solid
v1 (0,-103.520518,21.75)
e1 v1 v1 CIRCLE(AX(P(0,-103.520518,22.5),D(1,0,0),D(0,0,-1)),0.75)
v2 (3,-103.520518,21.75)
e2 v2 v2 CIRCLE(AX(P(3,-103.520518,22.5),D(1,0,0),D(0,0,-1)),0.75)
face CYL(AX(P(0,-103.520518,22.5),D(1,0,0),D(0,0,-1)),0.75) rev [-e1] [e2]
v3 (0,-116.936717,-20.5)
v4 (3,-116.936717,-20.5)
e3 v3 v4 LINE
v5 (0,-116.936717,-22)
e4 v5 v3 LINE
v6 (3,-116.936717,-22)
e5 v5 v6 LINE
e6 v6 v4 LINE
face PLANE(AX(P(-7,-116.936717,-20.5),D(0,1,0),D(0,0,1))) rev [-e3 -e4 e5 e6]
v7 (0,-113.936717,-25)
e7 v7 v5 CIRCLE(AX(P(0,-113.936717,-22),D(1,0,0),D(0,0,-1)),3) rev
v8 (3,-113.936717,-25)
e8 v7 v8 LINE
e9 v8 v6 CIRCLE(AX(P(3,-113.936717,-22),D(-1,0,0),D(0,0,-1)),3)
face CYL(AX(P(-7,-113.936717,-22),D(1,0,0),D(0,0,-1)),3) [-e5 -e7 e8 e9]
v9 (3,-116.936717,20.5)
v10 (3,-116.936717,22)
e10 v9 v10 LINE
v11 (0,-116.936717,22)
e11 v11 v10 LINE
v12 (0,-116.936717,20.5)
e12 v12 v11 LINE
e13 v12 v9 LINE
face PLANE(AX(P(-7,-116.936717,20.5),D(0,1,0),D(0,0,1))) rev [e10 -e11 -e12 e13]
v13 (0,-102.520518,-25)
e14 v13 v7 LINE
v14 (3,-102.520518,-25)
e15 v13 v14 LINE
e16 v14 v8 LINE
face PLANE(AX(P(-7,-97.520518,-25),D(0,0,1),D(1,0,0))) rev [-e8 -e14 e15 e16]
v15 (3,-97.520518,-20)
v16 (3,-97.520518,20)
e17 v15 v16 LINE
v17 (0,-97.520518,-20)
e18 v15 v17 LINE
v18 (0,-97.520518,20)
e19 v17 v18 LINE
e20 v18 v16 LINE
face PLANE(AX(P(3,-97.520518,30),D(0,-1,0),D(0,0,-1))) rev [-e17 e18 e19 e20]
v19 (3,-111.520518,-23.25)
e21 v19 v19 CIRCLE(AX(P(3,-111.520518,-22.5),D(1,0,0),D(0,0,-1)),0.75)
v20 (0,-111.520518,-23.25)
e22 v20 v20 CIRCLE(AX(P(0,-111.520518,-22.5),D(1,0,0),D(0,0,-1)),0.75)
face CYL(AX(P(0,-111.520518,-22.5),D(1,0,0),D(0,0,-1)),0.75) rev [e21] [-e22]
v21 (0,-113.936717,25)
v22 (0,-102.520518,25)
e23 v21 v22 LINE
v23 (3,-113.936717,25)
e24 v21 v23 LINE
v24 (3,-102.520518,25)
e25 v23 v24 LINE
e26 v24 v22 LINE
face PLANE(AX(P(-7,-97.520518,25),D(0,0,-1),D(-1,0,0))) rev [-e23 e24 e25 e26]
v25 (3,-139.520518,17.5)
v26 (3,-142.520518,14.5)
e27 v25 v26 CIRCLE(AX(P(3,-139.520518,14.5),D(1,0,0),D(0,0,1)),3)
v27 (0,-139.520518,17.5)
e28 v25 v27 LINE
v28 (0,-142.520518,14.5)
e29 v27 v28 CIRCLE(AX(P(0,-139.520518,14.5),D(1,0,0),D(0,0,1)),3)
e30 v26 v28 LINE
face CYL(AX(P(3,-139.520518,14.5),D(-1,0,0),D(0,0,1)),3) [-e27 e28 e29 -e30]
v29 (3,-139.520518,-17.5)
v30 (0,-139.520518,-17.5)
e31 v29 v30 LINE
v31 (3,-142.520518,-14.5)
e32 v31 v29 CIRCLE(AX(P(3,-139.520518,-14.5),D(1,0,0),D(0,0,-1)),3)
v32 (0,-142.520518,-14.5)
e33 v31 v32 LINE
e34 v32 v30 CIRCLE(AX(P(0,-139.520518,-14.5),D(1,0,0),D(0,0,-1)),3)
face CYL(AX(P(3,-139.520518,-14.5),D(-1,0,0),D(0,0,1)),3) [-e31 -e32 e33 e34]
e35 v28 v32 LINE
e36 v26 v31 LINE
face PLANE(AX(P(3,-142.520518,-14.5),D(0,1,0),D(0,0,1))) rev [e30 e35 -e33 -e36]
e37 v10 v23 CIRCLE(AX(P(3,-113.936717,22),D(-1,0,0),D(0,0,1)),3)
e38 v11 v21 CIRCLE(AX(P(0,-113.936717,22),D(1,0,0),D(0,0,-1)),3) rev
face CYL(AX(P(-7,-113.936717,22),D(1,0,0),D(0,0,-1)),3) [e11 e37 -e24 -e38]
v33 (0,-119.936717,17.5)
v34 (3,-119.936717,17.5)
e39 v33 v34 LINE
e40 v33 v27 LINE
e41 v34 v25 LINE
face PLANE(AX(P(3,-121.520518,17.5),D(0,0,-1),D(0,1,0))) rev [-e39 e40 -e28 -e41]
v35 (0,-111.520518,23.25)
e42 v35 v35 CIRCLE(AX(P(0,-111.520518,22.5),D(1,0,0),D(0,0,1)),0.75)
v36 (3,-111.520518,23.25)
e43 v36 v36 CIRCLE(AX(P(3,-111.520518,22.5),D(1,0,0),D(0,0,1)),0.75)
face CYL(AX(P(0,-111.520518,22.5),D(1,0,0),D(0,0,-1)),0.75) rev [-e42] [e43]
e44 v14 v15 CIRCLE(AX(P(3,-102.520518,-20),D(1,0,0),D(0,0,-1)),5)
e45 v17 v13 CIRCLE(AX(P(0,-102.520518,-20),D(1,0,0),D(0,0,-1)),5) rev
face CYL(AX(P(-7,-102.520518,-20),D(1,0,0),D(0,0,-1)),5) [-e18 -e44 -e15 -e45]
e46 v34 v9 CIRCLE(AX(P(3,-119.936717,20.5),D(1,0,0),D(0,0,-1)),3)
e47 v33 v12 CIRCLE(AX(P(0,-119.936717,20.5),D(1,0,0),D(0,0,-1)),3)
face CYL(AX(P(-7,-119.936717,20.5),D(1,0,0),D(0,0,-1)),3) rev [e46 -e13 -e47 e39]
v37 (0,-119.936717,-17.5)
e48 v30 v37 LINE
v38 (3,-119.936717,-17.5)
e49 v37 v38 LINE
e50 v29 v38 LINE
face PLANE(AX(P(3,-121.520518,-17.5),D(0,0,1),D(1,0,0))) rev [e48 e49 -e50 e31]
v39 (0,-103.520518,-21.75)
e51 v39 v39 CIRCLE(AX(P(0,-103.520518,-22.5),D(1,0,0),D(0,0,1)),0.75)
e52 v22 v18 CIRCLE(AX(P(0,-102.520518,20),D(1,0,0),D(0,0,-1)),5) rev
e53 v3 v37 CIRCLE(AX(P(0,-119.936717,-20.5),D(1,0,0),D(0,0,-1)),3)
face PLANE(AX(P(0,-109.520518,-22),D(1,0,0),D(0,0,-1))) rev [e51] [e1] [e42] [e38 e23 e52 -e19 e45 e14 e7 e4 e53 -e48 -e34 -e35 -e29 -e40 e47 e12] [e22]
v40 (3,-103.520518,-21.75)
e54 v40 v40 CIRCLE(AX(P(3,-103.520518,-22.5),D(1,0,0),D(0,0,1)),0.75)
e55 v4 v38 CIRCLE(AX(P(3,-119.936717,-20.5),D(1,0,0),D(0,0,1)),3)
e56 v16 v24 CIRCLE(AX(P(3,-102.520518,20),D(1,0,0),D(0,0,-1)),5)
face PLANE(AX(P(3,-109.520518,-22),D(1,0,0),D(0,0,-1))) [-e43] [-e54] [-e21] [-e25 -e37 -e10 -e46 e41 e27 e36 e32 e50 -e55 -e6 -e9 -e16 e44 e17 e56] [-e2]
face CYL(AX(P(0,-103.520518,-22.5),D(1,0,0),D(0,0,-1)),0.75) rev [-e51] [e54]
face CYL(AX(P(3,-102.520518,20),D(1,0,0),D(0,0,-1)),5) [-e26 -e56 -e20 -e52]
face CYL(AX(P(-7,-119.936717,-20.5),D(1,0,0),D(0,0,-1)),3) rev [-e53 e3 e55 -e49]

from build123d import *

# Parameters (mm, degrees)
BOSS_EXTRUDE1_DEPTH = 3
SKETCH2_R           = 0.75
CUT_EXTRUDE1_DEPTH  = 146.674630793
CUT_EXTRUDE2_DEPTH  = 10
FILLET1_R           = 5
FILLET2_R           = 5


with BuildPart() as part:
    # Sketch1 → Boss-Extrude1 (new body)
    with BuildSketch(Plane(origin=(0, 0, 0), x_dir=(0, 0, -1), z_dir=(1, 0, 0))):
        with BuildLine():
            Line((-30, -97.52051802), (-30, -109.52051802))
            ThreePointArc((-30, -109.52051802), (-27.656854249, -115.177372269), (-22, -117.52051802))
            Line((-22, -117.52051802), (-21.5, -117.52051802))
            ThreePointArc((-21.5, -117.52051802), (-18.671572875, -118.692090895), (-17.5, -121.52051802))
            Line((-17.5, -121.52051802), (-17.5, -139.52051802))
            ThreePointArc((-17.5, -139.52051802), (-16.621320344, -141.641838363), (-14.5, -142.52051802))
            Line((-14.5, -142.52051802), (14.5, -142.52051802))
            ThreePointArc((14.5, -142.52051802), (16.621320344, -141.641838363), (17.5, -139.52051802))
            Line((17.5, -139.52051802), (17.5, -121.52051802))
            ThreePointArc((17.5, -121.52051802), (18.671572875, -118.692090895), (21.5, -117.52051802))
            Line((21.5, -117.52051802), (22, -117.52051802))
            ThreePointArc((22, -117.52051802), (27.656854249, -115.177372269), (30, -109.52051802))
            Line((30, -109.52051802), (30, -97.52051802))
            Line((30, -97.52051802), (-30, -97.52051802))
        make_face()
    extrude(amount=BOSS_EXTRUDE1_DEPTH)

    # Sketch2 → Cut-Extrude1 (cut, through all)
    with BuildSketch(Plane(origin=(3, 0, 0), x_dir=(0, 0, -1), z_dir=(1, 0, 0))):
        with Locations((-22.5, -103.52051802)):
            Circle(SKETCH2_R)
        with Locations(Location((-22.5, -111.52051802, 0), (0, 0, 180))):
            Circle(SKETCH2_R)
        with Locations((22.5, -111.52051802)):
            Circle(SKETCH2_R)
        with Locations(Location((22.5, -103.52051802, 0), (0, 0, 180))):
            Circle(SKETCH2_R)
    extrude(amount=-CUT_EXTRUDE1_DEPTH, mode=Mode.SUBTRACT)

    # Sketch3 → Cut-Extrude2 (cut)
    with BuildSketch(Plane(origin=(3, 0, 0), x_dir=(0, 0, -1), z_dir=(1, 0, 0))):
        with BuildLine():
            Line((-30, -97.52051802), (-25, -97.52051802))
            Line((-25, -97.52051802), (-25, -113.936716507))
            ThreePointArc((-25, -113.936716507), (-24.121320344, -116.05803685), (-22, -116.936716507))
            Line((-22, -116.936716507), (-20.5, -116.936716507))
            ThreePointArc((-20.5, -116.936716507), (-18.378679656, -117.815396163), (-17.5, -119.936716507))
            Line((-17.5, -119.936716507), (-17.5, -122.452918804))
            Line((-17.5, -122.452918804), (-42.892449252, -122.452918804))
            Line((-42.892449252, -122.452918804), (-42.892449252, -97.52051802))
            Line((-42.892449252, -97.52051802), (-30, -97.52051802))
        make_face()
        with BuildLine():
            Line((20.5, -116.936716507), (22, -116.936716507))
            ThreePointArc((22, -116.936716507), (24.121320344, -116.05803685), (25, -113.936716507))
            Line((25, -113.936716507), (25, -97.52051802))
            Line((25, -97.52051802), (30, -97.52051802))
            Line((30, -97.52051802), (42.892449252, -97.52051802))
            Line((42.892449252, -97.52051802), (42.892449252, -122.452918804))
            Line((42.892449252, -122.452918804), (17.5, -122.452918804))
            Line((17.5, -122.452918804), (17.5, -119.936716507))
            ThreePointArc((17.5, -119.936716507), (18.378679656, -117.815396163), (20.5, -116.936716507))
        make_face()
    extrude(amount=-CUT_EXTRUDE2_DEPTH, mode=Mode.SUBTRACT)

    # Fillet1
    fillet1_edges = [part.edges().sort_by_distance(p)[0] for p in [
        (1.5, -97.52051802, 25),
    ]]
    fillet(fillet1_edges, radius=FILLET1_R)

    # Fillet2
    fillet2_edges = [part.edges().sort_by_distance(p)[0] for p in [
        (1.5, -97.52051802, -25),
    ]]
    fillet(fillet2_edges, radius=FILLET2_R)


solid = part.part
